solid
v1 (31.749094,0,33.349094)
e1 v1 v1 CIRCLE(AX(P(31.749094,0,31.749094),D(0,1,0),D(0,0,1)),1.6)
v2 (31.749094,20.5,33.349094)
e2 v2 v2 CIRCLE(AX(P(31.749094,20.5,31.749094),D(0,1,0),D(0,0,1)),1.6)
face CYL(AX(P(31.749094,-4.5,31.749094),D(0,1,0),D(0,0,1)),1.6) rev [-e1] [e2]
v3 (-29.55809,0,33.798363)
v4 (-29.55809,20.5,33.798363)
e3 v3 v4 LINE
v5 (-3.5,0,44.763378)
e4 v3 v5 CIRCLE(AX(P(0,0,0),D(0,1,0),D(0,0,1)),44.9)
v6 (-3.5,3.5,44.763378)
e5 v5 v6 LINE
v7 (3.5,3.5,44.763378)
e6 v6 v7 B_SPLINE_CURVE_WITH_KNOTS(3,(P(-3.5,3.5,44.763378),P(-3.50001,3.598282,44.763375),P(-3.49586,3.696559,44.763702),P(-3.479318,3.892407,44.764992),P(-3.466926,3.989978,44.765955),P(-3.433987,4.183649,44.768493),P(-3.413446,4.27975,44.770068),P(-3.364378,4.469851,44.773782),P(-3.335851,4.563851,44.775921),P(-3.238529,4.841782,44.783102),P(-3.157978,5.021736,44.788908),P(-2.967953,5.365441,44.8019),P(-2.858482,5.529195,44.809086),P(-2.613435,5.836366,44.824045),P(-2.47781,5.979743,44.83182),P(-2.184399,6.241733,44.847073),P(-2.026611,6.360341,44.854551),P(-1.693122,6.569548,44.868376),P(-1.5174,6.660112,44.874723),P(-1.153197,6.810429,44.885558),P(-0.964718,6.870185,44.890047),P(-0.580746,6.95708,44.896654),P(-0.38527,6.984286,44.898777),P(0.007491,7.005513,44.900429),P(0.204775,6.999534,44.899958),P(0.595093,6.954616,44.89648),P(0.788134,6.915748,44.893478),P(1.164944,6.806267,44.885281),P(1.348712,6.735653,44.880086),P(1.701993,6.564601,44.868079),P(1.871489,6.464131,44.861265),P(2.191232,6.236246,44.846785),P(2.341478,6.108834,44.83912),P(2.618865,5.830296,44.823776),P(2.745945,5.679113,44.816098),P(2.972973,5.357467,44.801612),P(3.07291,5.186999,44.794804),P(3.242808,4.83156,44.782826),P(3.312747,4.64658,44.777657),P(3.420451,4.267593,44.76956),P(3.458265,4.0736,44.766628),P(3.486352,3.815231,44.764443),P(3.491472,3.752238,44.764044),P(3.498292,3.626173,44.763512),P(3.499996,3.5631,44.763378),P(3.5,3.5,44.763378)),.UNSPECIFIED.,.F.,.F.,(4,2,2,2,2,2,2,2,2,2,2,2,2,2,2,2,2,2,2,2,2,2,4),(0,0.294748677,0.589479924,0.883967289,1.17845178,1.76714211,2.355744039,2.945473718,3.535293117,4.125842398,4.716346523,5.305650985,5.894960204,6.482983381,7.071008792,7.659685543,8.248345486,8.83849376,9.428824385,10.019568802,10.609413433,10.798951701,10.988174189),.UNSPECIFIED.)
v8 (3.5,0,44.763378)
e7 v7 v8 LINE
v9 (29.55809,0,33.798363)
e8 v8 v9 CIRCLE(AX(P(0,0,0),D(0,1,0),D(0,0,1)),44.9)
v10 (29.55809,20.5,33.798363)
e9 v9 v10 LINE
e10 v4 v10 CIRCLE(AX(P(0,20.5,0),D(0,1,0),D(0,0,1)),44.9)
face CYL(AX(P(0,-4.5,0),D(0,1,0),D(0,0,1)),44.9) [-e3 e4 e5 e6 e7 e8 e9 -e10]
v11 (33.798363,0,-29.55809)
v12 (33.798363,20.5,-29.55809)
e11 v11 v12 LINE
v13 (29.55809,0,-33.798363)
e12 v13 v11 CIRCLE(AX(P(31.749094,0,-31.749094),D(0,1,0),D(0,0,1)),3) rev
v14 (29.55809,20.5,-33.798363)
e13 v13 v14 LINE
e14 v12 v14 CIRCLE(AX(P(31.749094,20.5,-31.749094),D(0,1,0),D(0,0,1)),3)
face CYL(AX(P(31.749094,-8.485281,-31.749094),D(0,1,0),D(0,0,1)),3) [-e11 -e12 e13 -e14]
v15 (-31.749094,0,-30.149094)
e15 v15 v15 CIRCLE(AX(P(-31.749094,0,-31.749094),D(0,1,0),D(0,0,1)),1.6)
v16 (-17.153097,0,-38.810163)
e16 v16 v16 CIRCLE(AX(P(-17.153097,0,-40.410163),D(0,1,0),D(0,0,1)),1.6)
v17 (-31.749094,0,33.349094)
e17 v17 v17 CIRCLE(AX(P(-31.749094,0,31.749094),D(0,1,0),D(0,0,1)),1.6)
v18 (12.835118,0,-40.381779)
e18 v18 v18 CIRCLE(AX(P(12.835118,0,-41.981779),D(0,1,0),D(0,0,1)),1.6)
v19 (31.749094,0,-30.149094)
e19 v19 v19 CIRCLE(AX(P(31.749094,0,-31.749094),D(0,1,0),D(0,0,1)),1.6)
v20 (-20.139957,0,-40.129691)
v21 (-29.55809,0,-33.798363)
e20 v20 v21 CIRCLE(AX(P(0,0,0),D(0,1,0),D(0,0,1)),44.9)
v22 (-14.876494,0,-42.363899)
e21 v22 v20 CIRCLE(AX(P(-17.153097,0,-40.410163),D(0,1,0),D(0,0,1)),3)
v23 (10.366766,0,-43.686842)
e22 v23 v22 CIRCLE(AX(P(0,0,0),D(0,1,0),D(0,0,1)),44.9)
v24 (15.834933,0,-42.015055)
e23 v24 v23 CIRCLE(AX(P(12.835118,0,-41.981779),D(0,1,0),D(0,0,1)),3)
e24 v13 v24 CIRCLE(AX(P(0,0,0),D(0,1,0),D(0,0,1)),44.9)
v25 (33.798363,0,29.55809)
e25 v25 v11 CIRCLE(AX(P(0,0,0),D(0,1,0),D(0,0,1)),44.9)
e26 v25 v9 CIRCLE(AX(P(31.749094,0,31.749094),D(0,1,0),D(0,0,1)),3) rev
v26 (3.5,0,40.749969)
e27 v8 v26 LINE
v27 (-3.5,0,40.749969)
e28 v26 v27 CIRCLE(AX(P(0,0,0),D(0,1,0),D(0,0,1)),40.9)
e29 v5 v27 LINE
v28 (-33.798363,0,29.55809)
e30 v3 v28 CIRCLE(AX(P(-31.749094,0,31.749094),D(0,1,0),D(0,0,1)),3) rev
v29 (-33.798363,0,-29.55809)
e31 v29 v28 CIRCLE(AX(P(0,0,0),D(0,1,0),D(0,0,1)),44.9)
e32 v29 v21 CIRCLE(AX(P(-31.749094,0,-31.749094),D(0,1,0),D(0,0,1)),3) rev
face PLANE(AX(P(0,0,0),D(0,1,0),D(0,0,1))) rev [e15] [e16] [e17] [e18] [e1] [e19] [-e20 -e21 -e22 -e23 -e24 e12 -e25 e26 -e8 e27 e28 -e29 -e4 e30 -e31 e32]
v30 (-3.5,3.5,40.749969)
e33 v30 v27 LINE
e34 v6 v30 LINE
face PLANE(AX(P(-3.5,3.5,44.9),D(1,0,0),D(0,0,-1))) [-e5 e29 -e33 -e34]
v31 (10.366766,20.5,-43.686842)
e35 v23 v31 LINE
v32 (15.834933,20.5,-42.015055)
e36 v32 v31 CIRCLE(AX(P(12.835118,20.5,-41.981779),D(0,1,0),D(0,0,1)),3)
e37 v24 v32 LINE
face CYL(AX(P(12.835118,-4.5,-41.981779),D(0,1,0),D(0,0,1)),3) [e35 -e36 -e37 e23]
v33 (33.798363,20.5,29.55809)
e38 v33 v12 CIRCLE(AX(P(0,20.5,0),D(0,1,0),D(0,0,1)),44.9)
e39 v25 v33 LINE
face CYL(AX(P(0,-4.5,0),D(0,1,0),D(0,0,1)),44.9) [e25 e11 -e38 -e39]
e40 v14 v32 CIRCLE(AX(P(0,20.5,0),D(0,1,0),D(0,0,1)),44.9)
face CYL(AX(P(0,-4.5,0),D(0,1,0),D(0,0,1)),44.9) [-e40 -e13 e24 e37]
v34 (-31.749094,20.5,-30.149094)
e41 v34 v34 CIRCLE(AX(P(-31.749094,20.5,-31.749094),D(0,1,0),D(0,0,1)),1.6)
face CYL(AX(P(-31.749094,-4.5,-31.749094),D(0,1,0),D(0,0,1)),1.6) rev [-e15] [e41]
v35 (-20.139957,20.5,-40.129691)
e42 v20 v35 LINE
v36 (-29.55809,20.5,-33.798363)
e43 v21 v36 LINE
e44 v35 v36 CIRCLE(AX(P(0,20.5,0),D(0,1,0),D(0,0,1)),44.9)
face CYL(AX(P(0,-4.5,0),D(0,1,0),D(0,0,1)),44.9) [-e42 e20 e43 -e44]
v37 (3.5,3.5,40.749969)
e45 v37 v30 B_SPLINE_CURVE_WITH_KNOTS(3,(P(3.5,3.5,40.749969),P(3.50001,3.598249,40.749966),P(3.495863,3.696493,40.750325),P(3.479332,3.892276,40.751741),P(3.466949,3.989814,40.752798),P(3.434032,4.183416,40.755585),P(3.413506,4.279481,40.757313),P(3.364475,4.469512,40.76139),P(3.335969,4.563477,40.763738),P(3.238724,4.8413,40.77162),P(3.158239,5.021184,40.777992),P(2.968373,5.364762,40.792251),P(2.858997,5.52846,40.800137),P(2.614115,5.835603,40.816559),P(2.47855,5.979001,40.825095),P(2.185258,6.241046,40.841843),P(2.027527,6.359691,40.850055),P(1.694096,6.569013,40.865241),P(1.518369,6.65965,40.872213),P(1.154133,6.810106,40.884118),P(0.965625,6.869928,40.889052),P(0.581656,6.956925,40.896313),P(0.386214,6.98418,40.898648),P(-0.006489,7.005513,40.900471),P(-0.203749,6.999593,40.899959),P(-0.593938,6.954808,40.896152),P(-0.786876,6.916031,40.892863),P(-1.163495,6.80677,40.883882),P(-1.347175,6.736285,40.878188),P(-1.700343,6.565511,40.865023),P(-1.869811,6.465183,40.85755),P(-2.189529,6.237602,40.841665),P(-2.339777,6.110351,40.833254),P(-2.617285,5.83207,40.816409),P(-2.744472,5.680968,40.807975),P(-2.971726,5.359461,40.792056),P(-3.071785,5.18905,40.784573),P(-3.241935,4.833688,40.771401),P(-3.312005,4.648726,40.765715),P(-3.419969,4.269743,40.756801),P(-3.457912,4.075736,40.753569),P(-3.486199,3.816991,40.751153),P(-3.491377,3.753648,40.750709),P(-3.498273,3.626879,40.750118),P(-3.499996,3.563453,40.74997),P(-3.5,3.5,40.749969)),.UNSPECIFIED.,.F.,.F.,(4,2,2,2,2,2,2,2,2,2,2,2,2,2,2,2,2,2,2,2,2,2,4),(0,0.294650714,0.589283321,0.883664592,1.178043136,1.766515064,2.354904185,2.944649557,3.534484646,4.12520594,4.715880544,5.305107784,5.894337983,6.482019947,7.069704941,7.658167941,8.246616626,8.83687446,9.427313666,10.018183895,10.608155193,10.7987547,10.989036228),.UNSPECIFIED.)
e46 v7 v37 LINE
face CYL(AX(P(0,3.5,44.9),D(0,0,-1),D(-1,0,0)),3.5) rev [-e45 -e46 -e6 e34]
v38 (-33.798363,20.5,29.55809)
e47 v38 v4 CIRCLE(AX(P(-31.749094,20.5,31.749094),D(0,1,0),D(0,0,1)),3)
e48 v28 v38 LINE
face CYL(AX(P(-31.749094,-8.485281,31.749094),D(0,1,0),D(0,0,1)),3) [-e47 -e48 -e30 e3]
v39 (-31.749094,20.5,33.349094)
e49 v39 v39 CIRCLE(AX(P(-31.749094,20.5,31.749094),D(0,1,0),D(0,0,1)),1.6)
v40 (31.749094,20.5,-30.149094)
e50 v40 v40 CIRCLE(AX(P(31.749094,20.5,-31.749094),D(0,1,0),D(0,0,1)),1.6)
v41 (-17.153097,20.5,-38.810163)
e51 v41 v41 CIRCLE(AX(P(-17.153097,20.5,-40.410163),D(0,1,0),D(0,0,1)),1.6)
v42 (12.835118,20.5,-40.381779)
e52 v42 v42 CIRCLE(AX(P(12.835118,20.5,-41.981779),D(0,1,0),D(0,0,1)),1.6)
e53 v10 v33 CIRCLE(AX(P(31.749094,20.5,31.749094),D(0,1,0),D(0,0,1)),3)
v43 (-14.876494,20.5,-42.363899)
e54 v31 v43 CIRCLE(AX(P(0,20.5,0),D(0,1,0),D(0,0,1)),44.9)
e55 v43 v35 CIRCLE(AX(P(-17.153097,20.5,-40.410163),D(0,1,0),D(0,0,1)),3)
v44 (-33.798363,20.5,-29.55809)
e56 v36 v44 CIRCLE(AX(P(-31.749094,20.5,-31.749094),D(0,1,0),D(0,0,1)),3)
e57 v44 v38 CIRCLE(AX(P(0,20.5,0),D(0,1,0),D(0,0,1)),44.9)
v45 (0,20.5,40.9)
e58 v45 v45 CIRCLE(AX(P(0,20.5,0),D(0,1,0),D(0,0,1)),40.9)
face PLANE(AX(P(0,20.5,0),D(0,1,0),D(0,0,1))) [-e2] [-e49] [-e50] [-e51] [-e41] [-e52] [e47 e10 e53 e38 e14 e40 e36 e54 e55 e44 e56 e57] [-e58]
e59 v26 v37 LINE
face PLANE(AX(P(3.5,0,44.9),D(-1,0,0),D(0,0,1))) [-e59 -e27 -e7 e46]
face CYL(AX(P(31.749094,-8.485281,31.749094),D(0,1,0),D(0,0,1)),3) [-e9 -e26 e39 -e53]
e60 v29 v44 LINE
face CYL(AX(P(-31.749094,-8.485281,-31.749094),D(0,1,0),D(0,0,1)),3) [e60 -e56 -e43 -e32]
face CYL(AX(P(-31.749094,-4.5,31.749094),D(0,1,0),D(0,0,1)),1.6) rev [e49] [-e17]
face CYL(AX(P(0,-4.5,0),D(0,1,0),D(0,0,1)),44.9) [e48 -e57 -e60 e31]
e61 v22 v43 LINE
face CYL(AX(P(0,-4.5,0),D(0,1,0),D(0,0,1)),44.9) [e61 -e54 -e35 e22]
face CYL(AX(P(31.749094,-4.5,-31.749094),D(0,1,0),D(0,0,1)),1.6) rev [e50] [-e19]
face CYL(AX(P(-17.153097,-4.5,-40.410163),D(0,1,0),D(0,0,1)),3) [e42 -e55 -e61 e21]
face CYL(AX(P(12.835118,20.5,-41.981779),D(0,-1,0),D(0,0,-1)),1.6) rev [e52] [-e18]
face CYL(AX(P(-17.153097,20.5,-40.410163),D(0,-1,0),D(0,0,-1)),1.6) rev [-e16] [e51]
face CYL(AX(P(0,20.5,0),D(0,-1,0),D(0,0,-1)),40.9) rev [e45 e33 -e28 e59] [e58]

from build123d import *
from build123d.topology import SkipClean

# Parameters (mm, degrees)
SKETCH_1_R          = 46.9
SKETCH_1_R_2        = 40.9
SKETCH_1_R_3        = 1.6
EXTRUDE_1_DEPTH     = 20.5
SKETCH_2_R          = 3
EXTRUDE_2_DEPTH     = 20.5
SKETCH_3_R          = 1.6
CUT_EXTRUDE_1_DEPTH = 25
CUT_EXTRUDE_START   = -25
CUT_EXTRUDE_2_DEPTH = 25
CUT_EXTRUDE_3_DEPTH = 67.780389508


with BuildPart() as part:
    # 草图1 → 凸台-拉伸1 (new body)
    with BuildSketch(Plane(origin=(0, 0, 0), x_dir=(1, 0, 0), z_dir=(0, 1, 0))):
        with Locations(Location((0, 0, 0), (0, 0, 270))):
            Circle(SKETCH_1_R)
        with Locations(Location((0, 0, 0), (0, 0, 270))):
            Circle(SKETCH_1_R_2, mode=Mode.SUBTRACT)
        with Locations(Location((12.835117837, 41.981778787, 0), (0, 0, 270))):
            Circle(SKETCH_1_R_3, mode=Mode.SUBTRACT)
        with Locations(Location((-17.153096541, 40.410163067, 0), (0, 0, 270))):
            Circle(SKETCH_1_R_3, mode=Mode.SUBTRACT)
    extrude(amount=EXTRUDE_1_DEPTH)

    # 草图2 → 凸台-拉伸2 (add)
    with BuildSketch(Plane(origin=(0, 20.5, 0), x_dir=(1, 0, 0), z_dir=(0, 1, 0))):
        with Locations((31.749094475, 31.749094475)):
            Circle(SKETCH_2_R)
        with Locations((31.749094475, -31.749094475)):
            Circle(SKETCH_2_R)
        with Locations((-31.749094475, -31.749094475)):
            Circle(SKETCH_2_R)
        with Locations((-31.749094475, 31.749094475)):
            Circle(SKETCH_2_R)
    extrude(amount=-EXTRUDE_2_DEPTH)

    # 草图3 → 切除-拉伸1 (cut)
    with BuildSketch(Plane(origin=(0, 20.5, 0), x_dir=(1, 0, 0), z_dir=(0, 1, 0))):
        with Locations(Location((-31.749094475, 31.749094475, 0), (0, 0, 270))):
            Circle(SKETCH_3_R)
        with Locations(Location((-31.749094475, -31.749094475, 0), (0, 0, 270))):
            Circle(SKETCH_3_R)
        with Locations(Location((31.749094475, -31.749094475, 0), (0, 0, 270))):
            Circle(SKETCH_3_R)
        with Locations(Location((31.749094475, 31.749094475, 0), (0, 0, 270))):
            Circle(SKETCH_3_R)
    extrude(amount=-CUT_EXTRUDE_1_DEPTH, mode=Mode.SUBTRACT)

    # 草图4 → 切除-拉伸2 (cut)
    with SkipClean():  # the faces are left unmerged after this step: merging them gives an invalid solid
        with BuildSketch(Plane(origin=(0, 20.5, 0), x_dir=(1, 0, 0), z_dir=(0, 1, 0)).offset(CUT_EXTRUDE_START)):
            with BuildLine():
                ThreePointArc((-20.139957039, 40.129691383), (-19.729499495, 41.947091113), (-18.325289788, 43.171677686))
                ThreePointArc((-18.325289788, 43.171677686), (-25.271051327, 39.509289602), (-31.508446668, 34.739427004))
                ThreePointArc((-31.508446668, 34.739427004), (-30.445394472, 34.451013479), (-29.558090066, 33.798362559))
                ThreePointArc((-29.558090066, 33.798362559), (-25.049858336, 37.262777638), (-20.139957039, 40.129691383))
            make_face()
            with BuildLine():
                ThreePointArc((10.366766227, 43.686841932), (11.849397191, 44.815213947), (13.71223353, 44.850692878))
                ThreePointArc((13.71223353, 44.850692878), (-2.454555971, 46.8357252), (-18.325289788, 43.171677686))
                ThreePointArc((-18.325289788, 43.171677686), (-16.468950031, 43.331112151), (-14.876494449, 42.363898698))
                ThreePointArc((-14.876494449, 42.363898698), (-2.349884435, 44.83846611), (10.366766227, 43.686841932))
            make_face()
            with BuildLine():
                ThreePointArc((29.558090066, 33.798362559), (30.445394472, 34.451013479), (31.508446668, 34.739427004))
                ThreePointArc((31.508446668, 34.739427004), (23.168662106, 40.777727943), (13.71223353, 44.850692878))
                ThreePointArc((13.71223353, 44.850692878), (15.236754486, 43.77959452), (15.834933275, 42.015055494))
                ThreePointArc((15.834933275, 42.015055494), (23.065345276, 38.522718586), (29.558090066, 33.798362559))
            make_face()
            with BuildLine():
                ThreePointArc((33.798362559, -29.558090066), (44.9, 0), (33.798362559, 29.558090066))
                ThreePointArc((33.798362559, 29.558090066), (34.451013479, 30.445394472), (34.739427004, 31.508446668))
                ThreePointArc((34.739427004, 31.508446668), (46.9, 0), (34.739427004, -31.508446668))
                ThreePointArc((34.739427004, -31.508446668), (34.451013479, -30.445394472), (33.798362559, -29.558090066))
            make_face()
            with BuildLine():
                ThreePointArc((-33.798362559, -29.558090066), (-34.451013479, -30.445394472), (-34.739427004, -31.508446668))
                ThreePointArc((-34.739427004, -31.508446668), (-46.9, 0), (-34.739427004, 31.508446668))
                ThreePointArc((-34.739427004, 31.508446668), (-34.451013479, 30.445394472), (-33.798362559, 29.558090066))
                ThreePointArc((-33.798362559, 29.558090066), (-44.9, 0), (-33.798362559, -29.558090066))
            make_face()
            with BuildLine():
                ThreePointArc((-31.508446668, -34.739427004), (-30.445394472, -34.451013479), (-29.558090066, -33.798362559))
                ThreePointArc((-29.558090066, -33.798362559), (0, -44.9), (29.558090066, -33.798362559))
                ThreePointArc((29.558090066, -33.798362559), (30.445394472, -34.451013479), (31.508446668, -34.739427004))
                ThreePointArc((31.508446668, -34.739427004), (0, -46.9), (-31.508446668, -34.739427004))
            make_face()
        extrude(amount=CUT_EXTRUDE_2_DEPTH, mode=Mode.SUBTRACT)

    # 草图5 → 切除-拉伸3 (cut, through all)
    with SkipClean():  # the faces are left unmerged after this step: merging them gives an invalid solid
        with BuildSketch(Plane.XY):
            with BuildLine():
                Line((-3.5, 3.5), (-3.5, 0))
                Line((-3.5, 0), (3.5, 0))
                Line((3.5, 0), (3.5, 3.5))
                ThreePointArc((3.5, 3.5), (0, 7), (-3.5, 3.5))
            make_face()
        extrude(amount=CUT_EXTRUDE_3_DEPTH, mode=Mode.SUBTRACT)


solid = part.part
